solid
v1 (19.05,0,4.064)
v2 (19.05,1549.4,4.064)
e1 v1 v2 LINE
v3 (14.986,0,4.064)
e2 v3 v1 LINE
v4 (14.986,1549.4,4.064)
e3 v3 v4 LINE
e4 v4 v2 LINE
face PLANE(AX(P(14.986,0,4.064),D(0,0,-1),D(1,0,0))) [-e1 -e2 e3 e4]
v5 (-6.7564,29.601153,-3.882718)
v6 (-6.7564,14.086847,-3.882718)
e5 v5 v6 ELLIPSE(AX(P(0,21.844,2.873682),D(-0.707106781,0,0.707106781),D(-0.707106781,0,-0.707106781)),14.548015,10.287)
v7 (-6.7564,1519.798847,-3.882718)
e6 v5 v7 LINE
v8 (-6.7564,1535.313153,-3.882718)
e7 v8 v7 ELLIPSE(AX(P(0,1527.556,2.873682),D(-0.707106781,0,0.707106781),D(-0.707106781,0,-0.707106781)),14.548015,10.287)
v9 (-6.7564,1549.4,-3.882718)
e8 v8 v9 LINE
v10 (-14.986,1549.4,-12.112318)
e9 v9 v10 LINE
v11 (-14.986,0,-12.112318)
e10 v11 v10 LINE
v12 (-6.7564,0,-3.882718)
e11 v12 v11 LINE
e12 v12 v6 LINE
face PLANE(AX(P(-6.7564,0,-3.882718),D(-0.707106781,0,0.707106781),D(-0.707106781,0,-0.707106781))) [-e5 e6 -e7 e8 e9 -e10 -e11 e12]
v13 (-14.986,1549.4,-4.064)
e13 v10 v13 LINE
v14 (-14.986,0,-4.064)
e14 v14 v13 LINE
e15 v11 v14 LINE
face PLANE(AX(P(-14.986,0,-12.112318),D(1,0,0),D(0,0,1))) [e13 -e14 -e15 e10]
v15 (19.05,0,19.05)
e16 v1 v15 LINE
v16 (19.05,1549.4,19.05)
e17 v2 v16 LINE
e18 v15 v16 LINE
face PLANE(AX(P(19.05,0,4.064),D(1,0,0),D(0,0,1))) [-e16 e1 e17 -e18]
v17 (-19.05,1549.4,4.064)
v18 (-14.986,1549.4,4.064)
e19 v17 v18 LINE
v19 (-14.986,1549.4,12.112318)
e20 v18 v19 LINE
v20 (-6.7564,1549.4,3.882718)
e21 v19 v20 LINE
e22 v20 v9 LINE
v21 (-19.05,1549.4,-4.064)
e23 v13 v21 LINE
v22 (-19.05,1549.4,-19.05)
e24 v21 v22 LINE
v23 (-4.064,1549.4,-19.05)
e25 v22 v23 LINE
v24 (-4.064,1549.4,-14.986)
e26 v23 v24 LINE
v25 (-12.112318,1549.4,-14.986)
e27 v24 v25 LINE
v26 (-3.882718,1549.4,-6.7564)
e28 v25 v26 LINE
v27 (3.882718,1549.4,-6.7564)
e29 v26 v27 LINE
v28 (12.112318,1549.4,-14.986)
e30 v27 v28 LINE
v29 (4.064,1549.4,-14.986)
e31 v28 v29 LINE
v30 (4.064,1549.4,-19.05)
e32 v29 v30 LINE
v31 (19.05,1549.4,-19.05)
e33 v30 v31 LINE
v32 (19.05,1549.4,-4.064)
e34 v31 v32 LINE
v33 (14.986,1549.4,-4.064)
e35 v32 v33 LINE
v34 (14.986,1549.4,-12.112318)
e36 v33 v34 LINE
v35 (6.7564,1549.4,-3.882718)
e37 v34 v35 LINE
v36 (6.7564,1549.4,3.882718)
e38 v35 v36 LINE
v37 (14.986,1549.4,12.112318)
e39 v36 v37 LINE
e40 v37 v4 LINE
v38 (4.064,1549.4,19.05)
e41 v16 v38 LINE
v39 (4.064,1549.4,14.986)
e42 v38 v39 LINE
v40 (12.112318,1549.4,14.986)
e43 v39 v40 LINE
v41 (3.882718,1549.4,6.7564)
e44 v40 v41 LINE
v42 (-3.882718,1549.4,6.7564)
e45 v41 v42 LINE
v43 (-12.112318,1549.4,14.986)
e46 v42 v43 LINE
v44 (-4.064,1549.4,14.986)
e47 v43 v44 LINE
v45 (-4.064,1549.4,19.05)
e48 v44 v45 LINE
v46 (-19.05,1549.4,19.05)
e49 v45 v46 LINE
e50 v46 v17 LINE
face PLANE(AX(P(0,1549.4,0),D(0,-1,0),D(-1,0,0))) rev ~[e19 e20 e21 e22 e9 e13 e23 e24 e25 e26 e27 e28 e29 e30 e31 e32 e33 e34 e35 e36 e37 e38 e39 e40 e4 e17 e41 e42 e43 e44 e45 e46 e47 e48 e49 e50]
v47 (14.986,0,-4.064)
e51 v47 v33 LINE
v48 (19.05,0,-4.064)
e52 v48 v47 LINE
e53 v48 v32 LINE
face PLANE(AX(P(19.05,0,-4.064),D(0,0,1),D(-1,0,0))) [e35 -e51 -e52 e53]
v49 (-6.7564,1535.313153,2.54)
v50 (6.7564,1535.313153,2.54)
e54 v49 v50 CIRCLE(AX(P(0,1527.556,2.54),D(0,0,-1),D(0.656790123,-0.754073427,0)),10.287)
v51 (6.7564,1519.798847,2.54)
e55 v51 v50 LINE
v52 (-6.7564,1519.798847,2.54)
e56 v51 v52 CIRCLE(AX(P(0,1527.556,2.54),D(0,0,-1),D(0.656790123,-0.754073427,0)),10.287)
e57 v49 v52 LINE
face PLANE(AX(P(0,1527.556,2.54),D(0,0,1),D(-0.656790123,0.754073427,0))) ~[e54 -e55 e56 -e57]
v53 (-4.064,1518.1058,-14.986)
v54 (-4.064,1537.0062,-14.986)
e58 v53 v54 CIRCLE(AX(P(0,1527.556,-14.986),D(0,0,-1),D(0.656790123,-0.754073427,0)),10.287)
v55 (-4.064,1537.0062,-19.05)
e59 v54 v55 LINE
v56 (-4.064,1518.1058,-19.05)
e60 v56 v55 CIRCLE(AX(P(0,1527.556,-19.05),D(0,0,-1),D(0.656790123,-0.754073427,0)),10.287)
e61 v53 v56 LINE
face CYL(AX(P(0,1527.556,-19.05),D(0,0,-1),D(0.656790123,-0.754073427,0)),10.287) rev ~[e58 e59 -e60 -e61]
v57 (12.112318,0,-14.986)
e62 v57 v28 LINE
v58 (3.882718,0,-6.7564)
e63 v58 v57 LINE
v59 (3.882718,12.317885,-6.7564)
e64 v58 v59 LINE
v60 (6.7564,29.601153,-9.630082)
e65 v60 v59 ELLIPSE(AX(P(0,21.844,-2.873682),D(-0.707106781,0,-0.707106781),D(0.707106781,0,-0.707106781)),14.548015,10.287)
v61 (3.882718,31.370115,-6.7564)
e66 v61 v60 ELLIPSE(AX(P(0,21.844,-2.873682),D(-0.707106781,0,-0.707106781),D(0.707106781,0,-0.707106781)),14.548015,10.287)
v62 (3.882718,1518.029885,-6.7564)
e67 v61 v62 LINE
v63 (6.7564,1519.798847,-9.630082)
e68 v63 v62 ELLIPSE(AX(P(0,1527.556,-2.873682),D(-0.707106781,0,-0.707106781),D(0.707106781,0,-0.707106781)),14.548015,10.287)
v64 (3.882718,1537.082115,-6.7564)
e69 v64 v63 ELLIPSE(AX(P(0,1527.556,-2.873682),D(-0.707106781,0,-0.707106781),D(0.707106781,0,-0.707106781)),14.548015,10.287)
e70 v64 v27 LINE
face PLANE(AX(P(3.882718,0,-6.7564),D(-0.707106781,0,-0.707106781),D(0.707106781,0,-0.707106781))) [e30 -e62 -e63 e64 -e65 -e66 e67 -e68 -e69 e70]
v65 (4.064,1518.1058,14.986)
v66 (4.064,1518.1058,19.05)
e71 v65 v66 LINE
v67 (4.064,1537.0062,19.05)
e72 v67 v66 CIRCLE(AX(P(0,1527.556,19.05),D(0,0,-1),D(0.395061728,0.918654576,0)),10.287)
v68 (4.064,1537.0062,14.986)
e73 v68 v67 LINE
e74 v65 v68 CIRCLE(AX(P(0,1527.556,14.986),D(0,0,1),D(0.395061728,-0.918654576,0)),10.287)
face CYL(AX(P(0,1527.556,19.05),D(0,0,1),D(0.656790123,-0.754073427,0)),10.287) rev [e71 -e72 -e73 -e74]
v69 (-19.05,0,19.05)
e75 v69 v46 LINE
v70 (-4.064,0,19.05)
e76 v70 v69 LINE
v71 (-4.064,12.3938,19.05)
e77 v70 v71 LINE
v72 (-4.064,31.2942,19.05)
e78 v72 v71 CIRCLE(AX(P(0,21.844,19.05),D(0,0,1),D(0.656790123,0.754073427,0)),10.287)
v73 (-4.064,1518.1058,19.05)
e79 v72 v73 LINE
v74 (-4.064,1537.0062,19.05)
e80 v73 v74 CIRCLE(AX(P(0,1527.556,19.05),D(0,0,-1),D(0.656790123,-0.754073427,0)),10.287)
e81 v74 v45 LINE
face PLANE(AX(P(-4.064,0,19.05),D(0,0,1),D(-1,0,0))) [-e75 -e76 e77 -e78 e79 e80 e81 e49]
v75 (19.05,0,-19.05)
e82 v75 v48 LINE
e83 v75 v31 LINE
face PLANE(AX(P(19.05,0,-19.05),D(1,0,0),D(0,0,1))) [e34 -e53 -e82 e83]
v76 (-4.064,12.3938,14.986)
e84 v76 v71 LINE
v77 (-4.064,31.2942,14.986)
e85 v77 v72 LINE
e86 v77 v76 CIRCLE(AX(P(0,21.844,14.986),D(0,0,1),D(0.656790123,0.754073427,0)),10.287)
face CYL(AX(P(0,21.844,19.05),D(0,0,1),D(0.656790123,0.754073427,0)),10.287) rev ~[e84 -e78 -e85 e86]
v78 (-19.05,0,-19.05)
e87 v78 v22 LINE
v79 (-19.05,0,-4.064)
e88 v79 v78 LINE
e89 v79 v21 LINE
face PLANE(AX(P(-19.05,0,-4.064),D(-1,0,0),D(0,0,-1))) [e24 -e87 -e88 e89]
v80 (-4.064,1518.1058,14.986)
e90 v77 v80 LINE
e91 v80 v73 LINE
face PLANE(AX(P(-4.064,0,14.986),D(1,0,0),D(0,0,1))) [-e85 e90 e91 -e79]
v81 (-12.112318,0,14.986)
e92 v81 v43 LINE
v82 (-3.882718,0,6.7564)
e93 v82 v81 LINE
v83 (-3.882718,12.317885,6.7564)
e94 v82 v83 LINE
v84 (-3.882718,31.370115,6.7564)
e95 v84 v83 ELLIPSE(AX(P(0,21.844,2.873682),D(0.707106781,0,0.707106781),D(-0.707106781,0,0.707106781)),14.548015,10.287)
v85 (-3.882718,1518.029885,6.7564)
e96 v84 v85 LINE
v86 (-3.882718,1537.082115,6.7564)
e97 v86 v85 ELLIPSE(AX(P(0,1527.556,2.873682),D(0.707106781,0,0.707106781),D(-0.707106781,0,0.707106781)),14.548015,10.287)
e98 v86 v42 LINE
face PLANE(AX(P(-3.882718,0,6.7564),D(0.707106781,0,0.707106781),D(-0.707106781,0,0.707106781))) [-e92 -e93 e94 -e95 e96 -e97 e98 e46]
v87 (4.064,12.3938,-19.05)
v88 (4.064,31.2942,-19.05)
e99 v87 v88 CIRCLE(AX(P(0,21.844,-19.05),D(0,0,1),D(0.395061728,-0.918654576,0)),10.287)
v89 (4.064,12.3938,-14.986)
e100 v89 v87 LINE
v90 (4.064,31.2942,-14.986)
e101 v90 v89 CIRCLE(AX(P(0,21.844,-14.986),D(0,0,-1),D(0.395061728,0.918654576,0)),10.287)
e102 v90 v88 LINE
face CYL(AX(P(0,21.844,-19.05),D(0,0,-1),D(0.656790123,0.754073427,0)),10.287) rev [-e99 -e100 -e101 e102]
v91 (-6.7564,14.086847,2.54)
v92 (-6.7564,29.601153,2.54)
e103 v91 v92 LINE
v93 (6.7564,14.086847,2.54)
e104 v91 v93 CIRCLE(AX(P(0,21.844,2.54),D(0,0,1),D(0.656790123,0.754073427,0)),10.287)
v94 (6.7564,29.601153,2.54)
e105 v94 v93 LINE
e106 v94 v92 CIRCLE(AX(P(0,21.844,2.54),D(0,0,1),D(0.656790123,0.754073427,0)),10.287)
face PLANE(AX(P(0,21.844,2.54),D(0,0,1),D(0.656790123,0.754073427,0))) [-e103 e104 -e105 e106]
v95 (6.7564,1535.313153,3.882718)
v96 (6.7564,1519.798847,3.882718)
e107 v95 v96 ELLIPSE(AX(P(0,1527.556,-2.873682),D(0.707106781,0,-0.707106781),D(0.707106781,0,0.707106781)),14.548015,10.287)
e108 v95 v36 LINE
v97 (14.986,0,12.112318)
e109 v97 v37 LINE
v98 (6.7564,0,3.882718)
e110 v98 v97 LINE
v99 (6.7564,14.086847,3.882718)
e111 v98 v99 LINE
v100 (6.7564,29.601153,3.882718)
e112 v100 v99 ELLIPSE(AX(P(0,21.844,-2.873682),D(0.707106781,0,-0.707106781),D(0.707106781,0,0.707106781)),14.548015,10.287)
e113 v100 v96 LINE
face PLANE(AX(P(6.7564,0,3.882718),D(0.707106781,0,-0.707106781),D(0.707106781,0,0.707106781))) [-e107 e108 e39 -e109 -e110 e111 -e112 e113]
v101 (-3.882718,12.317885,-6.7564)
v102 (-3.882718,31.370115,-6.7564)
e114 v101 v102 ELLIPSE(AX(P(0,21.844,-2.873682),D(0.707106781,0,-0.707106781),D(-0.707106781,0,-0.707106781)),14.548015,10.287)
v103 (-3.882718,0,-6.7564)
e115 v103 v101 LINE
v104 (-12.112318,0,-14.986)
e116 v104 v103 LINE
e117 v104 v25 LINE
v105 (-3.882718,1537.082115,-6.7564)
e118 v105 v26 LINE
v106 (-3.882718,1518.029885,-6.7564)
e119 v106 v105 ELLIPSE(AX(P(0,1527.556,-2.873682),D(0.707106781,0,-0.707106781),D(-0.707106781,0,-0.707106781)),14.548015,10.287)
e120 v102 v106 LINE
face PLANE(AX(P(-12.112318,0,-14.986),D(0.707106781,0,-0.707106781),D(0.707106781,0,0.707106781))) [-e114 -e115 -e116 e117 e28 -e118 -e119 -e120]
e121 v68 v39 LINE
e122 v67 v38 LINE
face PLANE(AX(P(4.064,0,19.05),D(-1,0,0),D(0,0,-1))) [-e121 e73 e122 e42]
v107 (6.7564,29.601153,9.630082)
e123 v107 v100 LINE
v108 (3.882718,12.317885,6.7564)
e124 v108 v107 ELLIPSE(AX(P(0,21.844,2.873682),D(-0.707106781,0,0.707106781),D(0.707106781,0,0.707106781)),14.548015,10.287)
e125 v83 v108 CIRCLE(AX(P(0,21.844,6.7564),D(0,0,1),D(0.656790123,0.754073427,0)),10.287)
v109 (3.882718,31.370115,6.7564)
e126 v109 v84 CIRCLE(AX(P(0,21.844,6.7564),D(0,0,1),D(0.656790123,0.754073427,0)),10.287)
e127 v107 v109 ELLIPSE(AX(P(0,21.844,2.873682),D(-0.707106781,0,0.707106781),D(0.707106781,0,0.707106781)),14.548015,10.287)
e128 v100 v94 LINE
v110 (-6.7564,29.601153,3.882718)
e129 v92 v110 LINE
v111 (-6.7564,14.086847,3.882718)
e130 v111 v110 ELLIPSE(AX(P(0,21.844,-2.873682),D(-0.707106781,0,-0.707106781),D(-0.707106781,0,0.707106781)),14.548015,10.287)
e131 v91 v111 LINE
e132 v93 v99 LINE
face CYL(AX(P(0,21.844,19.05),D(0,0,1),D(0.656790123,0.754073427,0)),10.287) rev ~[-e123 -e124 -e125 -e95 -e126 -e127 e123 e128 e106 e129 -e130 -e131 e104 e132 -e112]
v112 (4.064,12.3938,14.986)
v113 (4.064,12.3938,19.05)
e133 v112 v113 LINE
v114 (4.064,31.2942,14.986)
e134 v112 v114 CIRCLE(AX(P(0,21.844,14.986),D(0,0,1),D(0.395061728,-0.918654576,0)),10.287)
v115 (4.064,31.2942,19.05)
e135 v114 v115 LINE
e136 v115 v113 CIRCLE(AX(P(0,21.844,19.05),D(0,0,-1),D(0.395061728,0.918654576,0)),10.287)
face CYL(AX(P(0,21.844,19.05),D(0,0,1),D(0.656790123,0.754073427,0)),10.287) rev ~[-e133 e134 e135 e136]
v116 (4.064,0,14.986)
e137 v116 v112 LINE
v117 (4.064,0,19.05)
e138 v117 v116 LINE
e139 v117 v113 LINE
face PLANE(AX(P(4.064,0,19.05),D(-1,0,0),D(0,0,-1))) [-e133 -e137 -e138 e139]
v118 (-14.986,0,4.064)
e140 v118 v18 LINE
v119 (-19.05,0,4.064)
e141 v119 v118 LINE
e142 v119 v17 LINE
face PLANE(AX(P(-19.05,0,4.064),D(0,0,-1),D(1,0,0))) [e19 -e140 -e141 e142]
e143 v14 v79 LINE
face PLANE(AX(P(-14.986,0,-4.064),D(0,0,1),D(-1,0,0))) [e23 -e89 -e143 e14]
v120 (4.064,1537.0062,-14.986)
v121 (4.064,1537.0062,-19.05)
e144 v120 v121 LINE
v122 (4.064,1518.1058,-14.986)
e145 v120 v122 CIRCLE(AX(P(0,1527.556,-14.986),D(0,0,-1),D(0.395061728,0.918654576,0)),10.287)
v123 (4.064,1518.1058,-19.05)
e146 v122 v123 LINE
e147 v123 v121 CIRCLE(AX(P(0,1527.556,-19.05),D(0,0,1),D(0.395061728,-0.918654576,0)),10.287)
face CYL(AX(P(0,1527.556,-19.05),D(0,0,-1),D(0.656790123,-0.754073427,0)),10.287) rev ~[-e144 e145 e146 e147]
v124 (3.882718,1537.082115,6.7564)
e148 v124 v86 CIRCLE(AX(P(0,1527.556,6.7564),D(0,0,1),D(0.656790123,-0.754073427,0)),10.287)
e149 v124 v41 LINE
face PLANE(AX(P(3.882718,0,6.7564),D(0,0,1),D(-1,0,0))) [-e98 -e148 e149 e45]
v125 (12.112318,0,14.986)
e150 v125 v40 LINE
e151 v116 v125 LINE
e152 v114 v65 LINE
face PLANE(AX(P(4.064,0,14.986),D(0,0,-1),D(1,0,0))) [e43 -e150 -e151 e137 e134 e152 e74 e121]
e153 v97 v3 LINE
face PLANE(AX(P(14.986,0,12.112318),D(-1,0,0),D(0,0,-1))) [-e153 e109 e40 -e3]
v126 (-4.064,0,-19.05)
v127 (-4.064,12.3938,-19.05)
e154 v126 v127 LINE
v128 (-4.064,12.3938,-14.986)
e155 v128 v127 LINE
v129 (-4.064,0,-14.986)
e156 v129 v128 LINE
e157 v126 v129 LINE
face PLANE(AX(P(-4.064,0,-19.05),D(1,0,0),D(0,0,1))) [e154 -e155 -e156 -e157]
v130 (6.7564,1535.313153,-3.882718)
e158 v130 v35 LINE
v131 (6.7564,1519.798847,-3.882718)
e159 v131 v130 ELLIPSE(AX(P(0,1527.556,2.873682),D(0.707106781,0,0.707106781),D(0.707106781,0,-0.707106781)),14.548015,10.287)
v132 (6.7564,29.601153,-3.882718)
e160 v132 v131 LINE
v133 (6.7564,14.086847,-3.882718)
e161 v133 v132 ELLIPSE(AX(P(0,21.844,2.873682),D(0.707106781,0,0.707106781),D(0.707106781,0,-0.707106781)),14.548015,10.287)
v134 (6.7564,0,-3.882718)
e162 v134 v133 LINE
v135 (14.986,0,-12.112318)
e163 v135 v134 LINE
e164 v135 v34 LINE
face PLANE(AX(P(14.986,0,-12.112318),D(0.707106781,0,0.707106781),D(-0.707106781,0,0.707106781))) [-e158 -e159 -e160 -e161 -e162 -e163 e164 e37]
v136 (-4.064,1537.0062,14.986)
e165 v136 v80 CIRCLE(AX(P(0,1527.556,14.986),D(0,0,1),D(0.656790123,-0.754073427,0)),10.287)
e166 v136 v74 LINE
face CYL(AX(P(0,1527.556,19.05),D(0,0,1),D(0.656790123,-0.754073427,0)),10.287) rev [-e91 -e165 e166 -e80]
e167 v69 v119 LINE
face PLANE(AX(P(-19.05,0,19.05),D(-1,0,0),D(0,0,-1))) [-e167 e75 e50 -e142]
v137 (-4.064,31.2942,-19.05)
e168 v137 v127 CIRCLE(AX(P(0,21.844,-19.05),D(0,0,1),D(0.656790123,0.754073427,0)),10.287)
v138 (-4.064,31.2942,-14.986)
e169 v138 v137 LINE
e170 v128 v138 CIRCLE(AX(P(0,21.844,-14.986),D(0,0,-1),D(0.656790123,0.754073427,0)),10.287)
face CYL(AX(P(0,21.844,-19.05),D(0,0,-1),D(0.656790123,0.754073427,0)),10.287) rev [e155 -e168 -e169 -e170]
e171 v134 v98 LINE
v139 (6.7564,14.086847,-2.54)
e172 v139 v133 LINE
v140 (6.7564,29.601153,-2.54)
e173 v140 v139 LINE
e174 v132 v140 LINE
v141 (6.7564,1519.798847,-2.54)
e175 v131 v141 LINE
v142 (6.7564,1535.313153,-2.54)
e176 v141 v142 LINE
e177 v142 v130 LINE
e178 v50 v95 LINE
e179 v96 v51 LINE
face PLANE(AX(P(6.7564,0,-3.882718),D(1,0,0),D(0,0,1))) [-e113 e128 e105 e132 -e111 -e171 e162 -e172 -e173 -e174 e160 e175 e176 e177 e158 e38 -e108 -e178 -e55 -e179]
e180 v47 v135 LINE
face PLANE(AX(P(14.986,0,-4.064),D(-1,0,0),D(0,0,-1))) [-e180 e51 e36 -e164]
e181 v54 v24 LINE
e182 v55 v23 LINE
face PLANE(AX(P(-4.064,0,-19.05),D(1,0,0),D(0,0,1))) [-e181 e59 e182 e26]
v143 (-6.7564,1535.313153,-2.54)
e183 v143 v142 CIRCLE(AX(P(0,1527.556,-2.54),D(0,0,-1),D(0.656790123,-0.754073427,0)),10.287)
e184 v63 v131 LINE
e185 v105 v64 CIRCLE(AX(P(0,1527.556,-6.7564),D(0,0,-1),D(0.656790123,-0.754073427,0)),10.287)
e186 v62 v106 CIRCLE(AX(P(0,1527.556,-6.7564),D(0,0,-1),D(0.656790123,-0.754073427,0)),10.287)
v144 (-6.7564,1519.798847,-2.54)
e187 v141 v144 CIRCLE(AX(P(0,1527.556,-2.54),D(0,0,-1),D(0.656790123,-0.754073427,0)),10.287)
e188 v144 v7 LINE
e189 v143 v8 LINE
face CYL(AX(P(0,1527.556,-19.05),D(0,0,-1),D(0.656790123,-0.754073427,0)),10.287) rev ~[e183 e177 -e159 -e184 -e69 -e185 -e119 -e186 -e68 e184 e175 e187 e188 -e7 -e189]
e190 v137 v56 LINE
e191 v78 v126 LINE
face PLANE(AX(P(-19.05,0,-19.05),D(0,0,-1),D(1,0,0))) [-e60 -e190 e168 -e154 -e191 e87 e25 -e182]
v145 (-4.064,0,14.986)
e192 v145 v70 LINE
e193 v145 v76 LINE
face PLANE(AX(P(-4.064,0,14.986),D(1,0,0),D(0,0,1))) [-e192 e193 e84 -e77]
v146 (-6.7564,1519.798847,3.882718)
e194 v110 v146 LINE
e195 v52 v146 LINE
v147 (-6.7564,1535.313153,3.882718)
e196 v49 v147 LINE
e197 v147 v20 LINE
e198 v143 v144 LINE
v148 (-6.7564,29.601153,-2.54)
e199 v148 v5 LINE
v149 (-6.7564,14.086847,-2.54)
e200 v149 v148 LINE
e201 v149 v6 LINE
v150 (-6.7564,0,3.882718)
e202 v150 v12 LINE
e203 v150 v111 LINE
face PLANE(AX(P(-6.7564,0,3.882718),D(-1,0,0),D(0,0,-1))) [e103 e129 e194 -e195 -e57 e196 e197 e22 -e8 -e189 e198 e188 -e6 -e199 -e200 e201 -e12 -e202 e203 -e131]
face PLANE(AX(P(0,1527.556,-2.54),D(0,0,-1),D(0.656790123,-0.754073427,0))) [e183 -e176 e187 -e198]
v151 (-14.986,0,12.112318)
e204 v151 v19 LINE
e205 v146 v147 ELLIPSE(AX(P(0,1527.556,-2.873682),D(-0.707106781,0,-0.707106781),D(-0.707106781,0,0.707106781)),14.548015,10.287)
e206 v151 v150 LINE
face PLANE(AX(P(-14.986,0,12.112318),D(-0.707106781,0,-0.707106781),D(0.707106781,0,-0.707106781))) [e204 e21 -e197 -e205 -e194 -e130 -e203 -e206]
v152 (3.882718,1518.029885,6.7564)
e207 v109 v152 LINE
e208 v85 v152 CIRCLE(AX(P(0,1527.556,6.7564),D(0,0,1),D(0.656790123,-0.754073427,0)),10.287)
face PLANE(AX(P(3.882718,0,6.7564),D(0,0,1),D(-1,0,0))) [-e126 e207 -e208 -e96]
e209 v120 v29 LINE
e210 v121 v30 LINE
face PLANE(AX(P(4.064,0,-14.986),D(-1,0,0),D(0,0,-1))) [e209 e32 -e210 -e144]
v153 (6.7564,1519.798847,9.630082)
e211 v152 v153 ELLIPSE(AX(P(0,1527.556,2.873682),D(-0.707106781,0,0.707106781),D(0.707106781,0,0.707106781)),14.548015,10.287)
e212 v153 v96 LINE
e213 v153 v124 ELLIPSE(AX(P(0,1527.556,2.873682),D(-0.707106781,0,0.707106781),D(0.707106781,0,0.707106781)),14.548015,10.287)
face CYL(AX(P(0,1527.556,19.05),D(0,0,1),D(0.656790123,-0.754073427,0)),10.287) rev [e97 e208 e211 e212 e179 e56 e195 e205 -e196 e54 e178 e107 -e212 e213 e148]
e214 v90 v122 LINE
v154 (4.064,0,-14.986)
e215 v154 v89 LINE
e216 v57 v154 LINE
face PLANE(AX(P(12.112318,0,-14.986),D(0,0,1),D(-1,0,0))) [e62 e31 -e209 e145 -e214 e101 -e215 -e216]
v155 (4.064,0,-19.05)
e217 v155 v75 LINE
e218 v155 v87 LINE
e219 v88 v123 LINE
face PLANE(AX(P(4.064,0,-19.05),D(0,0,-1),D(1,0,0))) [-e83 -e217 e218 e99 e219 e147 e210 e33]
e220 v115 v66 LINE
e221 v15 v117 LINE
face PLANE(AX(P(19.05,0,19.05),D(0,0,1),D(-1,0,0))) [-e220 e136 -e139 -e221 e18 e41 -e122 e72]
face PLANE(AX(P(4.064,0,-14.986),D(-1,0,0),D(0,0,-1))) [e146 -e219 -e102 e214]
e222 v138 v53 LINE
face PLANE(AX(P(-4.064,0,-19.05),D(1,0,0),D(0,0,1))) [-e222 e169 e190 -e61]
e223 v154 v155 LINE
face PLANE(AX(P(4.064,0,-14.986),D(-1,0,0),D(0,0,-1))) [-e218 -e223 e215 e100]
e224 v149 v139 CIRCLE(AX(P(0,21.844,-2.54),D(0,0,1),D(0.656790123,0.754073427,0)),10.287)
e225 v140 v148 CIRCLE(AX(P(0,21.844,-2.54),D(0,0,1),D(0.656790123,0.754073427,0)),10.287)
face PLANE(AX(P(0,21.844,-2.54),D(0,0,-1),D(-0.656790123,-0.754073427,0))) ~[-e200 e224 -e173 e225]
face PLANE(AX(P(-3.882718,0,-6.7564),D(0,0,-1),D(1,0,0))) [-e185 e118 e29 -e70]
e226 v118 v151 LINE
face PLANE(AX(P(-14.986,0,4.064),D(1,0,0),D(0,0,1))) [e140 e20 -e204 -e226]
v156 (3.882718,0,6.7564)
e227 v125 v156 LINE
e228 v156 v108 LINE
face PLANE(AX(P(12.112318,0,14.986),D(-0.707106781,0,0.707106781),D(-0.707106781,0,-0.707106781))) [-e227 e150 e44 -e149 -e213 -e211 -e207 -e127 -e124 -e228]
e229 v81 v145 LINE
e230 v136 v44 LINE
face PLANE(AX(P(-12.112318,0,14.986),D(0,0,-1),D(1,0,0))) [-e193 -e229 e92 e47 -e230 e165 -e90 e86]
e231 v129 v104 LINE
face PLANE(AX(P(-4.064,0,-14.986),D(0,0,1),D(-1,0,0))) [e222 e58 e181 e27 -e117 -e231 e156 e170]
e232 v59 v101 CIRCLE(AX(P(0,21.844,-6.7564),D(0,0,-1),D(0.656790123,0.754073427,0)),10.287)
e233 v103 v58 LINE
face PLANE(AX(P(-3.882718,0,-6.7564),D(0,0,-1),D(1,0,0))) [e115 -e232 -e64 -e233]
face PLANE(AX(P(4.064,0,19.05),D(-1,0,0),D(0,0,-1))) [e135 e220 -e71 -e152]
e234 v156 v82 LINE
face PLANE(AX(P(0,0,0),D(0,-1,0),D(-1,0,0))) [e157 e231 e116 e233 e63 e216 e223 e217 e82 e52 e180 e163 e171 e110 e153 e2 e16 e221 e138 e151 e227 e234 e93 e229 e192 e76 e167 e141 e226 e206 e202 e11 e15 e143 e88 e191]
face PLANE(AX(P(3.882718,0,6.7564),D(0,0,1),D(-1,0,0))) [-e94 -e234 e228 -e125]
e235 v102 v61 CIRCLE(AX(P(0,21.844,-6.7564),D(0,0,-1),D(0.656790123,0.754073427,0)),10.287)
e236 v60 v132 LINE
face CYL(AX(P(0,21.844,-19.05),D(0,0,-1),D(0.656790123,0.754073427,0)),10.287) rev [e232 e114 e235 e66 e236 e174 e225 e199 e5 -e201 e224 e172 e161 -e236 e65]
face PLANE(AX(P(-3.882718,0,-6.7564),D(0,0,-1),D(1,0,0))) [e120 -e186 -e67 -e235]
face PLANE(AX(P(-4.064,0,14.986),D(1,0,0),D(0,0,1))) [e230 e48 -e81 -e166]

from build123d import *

# Parameters (mm, degrees)
BOSS_EXTRUDE1_DEPTH     = 1549.4
SKETCH3_R               = 10.287
CUT_EXTRUDE1_DEPTH      = 16.51
MIRROR2_COPY_1_SKETCH_R = 10.287
MIRROR2_COPY_1_DEPTH    = 16.51


with BuildPart() as part:
    # Sketch2 → Boss-Extrude1 (new body)
    with BuildSketch(Plane(origin=(0.594697292, 0, 0.594697292), x_dir=(1, 0, 0), z_dir=(0, 1, 0))):
        Polygon((-19.644697292, 19.644697292), (-4.658697292, 19.644697292), (-4.658697292, 15.580697292), (-12.707015333, 15.580697292), (-4.477415333, 7.351097292), (3.288020749, 7.351097292), (11.517620749, 15.580697292), (3.469302708, 15.580697292), (3.469302708, 19.644697292), (18.455302708, 19.644697292), (18.455302708, 4.658697292), (14.391302708, 4.658697292), (14.391302708, 12.707015333), (6.161702708, 4.477415333), (6.161702708, -3.288020749), (14.391302708, -11.517620749), (14.391302708, -3.469302708), (18.455302708, -3.469302708), (18.455302708, -18.455302708), (3.469302708, -18.455302708), (3.469302708, -14.391302708), (11.517620749, -14.391302708), (3.288020749, -6.161702708), (-4.477415333, -6.161702708), (-12.707015333, -14.391302708), (-4.658697292, -14.391302708), (-4.658697292, -18.455302708), (-19.644697292, -18.455302708), (-19.644697292, -3.469302708), (-15.580697292, -3.469302708), (-15.580697292, -11.517620749), (-7.351097292, -3.288020749), (-7.351097292, 4.477415333), (-15.580697292, 12.707015333), (-15.580697292, 4.658697292), (-19.644697292, 4.658697292), align=None)
    extrude(amount=BOSS_EXTRUDE1_DEPTH)

    # Sketch3 → Cut-Extrude1 (cut)
    with BuildSketch(Plane.XY.offset(19.05)):
        with Locations(Location((0, 21.844, 0), (0, 0, 48.944473627))):
            Circle(SKETCH3_R)
    cut_extrude1 = extrude(amount=-CUT_EXTRUDE1_DEPTH, mode=Mode.SUBTRACT)

    # Mirror1: Cut-Extrude1 across plane
    add(cut_extrude1.mirror(Plane.XY), mode=Mode.SUBTRACT)

    # Mirror2: Cut-Extrude1 across plane
    add(cut_extrude1.mirror(Plane(origin=(0, 774.7, 0), x_dir=(0, 0, 1), z_dir=(0, -1, 0))), mode=Mode.SUBTRACT)

    # Mirror2 copy 1 sketch → Mirror2 copy 1 (cut)
    with BuildSketch(Plane(origin=(0, 1549.4, -19.05), x_dir=(1, 0, 0), z_dir=(0, 0, -1))):
        with Locations(Location((0, 21.844, 0), (0, 0, 48.944473627))):
            Circle(MIRROR2_COPY_1_SKETCH_R)
    extrude(amount=-MIRROR2_COPY_1_DEPTH, mode=Mode.SUBTRACT)


solid = part.part
